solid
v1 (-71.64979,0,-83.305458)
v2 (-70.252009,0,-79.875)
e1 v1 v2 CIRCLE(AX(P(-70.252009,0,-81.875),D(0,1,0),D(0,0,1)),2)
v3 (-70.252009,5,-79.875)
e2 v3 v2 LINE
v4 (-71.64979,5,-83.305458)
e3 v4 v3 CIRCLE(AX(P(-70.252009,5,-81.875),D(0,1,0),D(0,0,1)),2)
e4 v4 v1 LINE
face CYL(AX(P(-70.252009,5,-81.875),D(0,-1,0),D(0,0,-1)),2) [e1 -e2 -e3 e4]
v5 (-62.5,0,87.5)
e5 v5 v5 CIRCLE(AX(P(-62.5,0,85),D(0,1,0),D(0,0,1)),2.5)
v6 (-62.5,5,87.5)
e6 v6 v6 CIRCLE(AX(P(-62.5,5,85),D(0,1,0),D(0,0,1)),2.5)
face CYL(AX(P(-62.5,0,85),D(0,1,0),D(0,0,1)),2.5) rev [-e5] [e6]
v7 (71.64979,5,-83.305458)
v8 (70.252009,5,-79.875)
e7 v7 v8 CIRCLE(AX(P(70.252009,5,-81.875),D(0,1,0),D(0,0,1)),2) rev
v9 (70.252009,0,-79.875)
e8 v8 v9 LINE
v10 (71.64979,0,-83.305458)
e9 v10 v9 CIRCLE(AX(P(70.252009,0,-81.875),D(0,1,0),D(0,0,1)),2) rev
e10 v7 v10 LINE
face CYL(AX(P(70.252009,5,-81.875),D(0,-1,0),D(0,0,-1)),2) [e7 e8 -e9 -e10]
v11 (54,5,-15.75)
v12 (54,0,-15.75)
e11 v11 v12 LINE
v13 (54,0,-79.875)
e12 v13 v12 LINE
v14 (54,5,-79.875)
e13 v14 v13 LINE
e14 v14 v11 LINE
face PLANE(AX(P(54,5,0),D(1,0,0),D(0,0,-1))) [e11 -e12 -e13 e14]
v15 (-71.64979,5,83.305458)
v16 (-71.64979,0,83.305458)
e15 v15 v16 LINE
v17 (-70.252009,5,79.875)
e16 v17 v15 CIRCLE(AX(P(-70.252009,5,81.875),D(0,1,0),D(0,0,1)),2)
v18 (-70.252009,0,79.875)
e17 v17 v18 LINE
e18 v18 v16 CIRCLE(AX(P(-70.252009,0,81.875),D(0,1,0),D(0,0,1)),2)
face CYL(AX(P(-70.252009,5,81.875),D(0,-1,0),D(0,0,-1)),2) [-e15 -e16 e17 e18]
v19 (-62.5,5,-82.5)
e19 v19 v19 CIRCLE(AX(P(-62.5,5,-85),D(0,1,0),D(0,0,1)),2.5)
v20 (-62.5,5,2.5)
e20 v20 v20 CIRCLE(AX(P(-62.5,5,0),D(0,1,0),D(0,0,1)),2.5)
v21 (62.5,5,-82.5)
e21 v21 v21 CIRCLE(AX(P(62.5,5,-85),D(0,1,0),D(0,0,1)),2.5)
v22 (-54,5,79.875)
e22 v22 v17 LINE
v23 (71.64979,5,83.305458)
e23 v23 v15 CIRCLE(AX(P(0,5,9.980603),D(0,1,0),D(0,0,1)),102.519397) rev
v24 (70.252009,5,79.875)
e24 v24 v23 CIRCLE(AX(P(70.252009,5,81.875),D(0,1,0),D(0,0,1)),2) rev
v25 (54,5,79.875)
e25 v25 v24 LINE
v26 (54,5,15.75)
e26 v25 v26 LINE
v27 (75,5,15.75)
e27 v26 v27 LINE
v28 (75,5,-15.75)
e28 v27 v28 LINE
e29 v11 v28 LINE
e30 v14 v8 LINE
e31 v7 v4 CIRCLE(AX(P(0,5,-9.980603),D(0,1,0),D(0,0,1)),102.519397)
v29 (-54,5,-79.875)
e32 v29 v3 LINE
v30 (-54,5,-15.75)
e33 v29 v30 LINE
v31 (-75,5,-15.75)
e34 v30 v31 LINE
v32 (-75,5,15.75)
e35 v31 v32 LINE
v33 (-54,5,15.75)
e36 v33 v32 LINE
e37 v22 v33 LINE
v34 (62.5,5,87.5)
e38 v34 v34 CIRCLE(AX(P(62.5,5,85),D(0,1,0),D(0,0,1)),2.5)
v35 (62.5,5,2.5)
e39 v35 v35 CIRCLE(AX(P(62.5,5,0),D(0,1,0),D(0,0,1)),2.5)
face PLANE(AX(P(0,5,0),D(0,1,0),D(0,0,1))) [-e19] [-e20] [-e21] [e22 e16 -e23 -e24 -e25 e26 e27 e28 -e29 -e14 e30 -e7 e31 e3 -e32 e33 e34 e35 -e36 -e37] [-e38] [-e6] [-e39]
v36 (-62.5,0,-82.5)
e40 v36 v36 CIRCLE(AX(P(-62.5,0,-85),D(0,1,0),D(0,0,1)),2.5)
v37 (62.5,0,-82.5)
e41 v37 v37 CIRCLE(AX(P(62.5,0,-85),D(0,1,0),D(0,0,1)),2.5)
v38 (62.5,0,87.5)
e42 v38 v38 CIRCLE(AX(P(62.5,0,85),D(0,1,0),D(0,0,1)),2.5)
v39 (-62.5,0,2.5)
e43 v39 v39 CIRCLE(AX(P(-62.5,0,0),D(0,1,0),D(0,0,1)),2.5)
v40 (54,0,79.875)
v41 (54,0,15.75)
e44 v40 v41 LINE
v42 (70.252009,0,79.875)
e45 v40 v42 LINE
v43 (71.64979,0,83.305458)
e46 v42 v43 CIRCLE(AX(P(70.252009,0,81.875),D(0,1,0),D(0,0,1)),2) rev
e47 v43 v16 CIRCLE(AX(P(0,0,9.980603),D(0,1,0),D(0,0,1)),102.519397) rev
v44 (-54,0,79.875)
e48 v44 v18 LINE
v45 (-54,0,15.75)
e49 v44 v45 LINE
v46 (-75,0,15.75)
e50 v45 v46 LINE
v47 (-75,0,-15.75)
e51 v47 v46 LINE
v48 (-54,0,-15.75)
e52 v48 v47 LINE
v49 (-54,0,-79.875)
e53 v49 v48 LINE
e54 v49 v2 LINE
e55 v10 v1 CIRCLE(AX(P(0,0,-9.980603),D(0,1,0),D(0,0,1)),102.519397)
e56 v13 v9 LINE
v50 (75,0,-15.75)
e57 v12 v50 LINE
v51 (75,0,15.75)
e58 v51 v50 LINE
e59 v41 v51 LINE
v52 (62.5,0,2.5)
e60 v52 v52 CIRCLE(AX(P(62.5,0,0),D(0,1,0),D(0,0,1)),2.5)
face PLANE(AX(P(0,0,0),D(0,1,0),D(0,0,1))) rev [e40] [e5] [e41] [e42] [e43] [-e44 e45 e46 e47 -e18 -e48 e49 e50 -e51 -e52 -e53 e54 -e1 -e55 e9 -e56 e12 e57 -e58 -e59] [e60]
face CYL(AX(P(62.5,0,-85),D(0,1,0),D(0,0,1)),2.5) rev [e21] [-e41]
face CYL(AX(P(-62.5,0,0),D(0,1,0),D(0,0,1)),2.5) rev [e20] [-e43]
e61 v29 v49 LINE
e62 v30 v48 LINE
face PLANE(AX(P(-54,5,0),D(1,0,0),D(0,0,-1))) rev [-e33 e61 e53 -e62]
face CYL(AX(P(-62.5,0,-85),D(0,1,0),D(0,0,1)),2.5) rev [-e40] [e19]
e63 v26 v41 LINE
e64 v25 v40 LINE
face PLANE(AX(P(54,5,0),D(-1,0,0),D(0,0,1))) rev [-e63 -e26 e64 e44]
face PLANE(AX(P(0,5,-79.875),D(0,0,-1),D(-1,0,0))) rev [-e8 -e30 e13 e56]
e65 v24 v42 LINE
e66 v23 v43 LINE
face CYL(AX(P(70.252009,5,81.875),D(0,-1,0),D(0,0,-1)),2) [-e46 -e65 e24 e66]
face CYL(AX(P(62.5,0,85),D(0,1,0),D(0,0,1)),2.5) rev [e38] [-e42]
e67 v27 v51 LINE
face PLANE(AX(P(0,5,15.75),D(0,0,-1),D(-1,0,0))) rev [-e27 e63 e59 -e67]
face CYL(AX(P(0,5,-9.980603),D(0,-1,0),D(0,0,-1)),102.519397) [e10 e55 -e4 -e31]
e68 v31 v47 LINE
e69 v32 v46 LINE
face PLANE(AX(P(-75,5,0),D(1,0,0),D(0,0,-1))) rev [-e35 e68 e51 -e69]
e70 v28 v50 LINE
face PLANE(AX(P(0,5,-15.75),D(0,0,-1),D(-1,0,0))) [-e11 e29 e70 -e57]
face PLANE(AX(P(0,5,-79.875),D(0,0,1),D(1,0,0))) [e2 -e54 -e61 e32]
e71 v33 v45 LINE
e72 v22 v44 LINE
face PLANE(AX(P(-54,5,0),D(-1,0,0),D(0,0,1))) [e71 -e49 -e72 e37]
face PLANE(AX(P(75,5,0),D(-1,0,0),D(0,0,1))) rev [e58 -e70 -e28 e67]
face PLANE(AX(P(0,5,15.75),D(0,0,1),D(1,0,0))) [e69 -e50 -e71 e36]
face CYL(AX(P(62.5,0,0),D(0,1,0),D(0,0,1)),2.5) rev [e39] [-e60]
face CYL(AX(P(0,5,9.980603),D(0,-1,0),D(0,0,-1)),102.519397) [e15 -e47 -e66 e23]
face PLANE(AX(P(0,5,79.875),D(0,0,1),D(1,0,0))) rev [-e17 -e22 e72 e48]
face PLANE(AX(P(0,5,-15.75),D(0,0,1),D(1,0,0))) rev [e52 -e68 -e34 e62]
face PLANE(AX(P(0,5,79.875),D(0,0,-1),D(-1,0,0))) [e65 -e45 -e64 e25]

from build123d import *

# Parameters (mm, degrees)
BOSS_EXTRUDE1_DEPTH = 5
SKETCH2_R           = 2.5
CUT_EXTRUDE1_DEPTH  = 136.300591277


with BuildPart() as part:
    # Sketch1 → Boss-Extrude1 (new body)
    with BuildSketch(Plane(origin=(0, 0, 0), x_dir=(1, 0, 0), z_dir=(0, 1, 0))):
        with BuildLine():
            Line((-75, 15.75), (-75, -15.75))
            Line((-75, -15.75), (-54, -15.75))
            Line((-54, -15.75), (-54, -79.875))
            Line((-54, -79.875), (-70.25200942, -79.875))
            ThreePointArc((-70.25200942, -79.875), (-72.104159031, -81.120320055), (-71.649789587, -83.305458181))
            ThreePointArc((-71.649789587, -83.305458181), (0, -112.5), (71.649789587, -83.305458181))
            ThreePointArc((71.649789587, -83.305458181), (72.104159031, -81.120320055), (70.25200942, -79.875))
            Line((70.25200942, -79.875), (54, -79.875))
            Line((54, -79.875), (54, -15.75))
            Line((54, -15.75), (75, -15.75))
            Line((75, -15.75), (75, 0))
            Line((75, 0), (75, 15.75))
            Line((75, 15.75), (54, 15.75))
            Line((54, 15.75), (54, 79.875))
            Line((54, 79.875), (70.25200942, 79.875))
            ThreePointArc((70.25200942, 79.875), (72.104159031, 81.120320055), (71.649789587, 83.305458181))
            ThreePointArc((71.649789587, 83.305458181), (0, 112.5), (-71.649789587, 83.305458181))
            ThreePointArc((-71.649789587, 83.305458181), (-72.104159031, 81.120320055), (-70.25200942, 79.875))
            Line((-70.25200942, 79.875), (-54, 79.875))
            Line((-54, 79.875), (-54, 15.75))
            Line((-54, 15.75), (-75, 15.75))
        make_face()
    extrude(amount=BOSS_EXTRUDE1_DEPTH)

    # Sketch2 → Cut-Extrude1 (cut, through all)
    with BuildSketch(Plane(origin=(0, 5, 0), x_dir=(1, 0, 0), z_dir=(0, 1, 0))):
        with Locations(Location((-62.5, 85, 0), (0, 0, 270))):
            Circle(SKETCH2_R)
        with Locations(Location((62.5, 85, 0), (0, 0, 270))):
            Circle(SKETCH2_R)
        with Locations(Location((62.5, 0, 0), (0, 0, 270))):
            Circle(SKETCH2_R)
        with Locations(Location((62.5, -85, 0), (0, 0, 270))):
            Circle(SKETCH2_R)
        with Locations(Location((-62.5, 0, 0), (0, 0, 270))):
            Circle(SKETCH2_R)
        with Locations(Location((-62.5, -85, 0), (0, 0, 270))):
            Circle(SKETCH2_R)
    extrude(amount=-CUT_EXTRUDE1_DEPTH, mode=Mode.SUBTRACT)


solid = part.part
